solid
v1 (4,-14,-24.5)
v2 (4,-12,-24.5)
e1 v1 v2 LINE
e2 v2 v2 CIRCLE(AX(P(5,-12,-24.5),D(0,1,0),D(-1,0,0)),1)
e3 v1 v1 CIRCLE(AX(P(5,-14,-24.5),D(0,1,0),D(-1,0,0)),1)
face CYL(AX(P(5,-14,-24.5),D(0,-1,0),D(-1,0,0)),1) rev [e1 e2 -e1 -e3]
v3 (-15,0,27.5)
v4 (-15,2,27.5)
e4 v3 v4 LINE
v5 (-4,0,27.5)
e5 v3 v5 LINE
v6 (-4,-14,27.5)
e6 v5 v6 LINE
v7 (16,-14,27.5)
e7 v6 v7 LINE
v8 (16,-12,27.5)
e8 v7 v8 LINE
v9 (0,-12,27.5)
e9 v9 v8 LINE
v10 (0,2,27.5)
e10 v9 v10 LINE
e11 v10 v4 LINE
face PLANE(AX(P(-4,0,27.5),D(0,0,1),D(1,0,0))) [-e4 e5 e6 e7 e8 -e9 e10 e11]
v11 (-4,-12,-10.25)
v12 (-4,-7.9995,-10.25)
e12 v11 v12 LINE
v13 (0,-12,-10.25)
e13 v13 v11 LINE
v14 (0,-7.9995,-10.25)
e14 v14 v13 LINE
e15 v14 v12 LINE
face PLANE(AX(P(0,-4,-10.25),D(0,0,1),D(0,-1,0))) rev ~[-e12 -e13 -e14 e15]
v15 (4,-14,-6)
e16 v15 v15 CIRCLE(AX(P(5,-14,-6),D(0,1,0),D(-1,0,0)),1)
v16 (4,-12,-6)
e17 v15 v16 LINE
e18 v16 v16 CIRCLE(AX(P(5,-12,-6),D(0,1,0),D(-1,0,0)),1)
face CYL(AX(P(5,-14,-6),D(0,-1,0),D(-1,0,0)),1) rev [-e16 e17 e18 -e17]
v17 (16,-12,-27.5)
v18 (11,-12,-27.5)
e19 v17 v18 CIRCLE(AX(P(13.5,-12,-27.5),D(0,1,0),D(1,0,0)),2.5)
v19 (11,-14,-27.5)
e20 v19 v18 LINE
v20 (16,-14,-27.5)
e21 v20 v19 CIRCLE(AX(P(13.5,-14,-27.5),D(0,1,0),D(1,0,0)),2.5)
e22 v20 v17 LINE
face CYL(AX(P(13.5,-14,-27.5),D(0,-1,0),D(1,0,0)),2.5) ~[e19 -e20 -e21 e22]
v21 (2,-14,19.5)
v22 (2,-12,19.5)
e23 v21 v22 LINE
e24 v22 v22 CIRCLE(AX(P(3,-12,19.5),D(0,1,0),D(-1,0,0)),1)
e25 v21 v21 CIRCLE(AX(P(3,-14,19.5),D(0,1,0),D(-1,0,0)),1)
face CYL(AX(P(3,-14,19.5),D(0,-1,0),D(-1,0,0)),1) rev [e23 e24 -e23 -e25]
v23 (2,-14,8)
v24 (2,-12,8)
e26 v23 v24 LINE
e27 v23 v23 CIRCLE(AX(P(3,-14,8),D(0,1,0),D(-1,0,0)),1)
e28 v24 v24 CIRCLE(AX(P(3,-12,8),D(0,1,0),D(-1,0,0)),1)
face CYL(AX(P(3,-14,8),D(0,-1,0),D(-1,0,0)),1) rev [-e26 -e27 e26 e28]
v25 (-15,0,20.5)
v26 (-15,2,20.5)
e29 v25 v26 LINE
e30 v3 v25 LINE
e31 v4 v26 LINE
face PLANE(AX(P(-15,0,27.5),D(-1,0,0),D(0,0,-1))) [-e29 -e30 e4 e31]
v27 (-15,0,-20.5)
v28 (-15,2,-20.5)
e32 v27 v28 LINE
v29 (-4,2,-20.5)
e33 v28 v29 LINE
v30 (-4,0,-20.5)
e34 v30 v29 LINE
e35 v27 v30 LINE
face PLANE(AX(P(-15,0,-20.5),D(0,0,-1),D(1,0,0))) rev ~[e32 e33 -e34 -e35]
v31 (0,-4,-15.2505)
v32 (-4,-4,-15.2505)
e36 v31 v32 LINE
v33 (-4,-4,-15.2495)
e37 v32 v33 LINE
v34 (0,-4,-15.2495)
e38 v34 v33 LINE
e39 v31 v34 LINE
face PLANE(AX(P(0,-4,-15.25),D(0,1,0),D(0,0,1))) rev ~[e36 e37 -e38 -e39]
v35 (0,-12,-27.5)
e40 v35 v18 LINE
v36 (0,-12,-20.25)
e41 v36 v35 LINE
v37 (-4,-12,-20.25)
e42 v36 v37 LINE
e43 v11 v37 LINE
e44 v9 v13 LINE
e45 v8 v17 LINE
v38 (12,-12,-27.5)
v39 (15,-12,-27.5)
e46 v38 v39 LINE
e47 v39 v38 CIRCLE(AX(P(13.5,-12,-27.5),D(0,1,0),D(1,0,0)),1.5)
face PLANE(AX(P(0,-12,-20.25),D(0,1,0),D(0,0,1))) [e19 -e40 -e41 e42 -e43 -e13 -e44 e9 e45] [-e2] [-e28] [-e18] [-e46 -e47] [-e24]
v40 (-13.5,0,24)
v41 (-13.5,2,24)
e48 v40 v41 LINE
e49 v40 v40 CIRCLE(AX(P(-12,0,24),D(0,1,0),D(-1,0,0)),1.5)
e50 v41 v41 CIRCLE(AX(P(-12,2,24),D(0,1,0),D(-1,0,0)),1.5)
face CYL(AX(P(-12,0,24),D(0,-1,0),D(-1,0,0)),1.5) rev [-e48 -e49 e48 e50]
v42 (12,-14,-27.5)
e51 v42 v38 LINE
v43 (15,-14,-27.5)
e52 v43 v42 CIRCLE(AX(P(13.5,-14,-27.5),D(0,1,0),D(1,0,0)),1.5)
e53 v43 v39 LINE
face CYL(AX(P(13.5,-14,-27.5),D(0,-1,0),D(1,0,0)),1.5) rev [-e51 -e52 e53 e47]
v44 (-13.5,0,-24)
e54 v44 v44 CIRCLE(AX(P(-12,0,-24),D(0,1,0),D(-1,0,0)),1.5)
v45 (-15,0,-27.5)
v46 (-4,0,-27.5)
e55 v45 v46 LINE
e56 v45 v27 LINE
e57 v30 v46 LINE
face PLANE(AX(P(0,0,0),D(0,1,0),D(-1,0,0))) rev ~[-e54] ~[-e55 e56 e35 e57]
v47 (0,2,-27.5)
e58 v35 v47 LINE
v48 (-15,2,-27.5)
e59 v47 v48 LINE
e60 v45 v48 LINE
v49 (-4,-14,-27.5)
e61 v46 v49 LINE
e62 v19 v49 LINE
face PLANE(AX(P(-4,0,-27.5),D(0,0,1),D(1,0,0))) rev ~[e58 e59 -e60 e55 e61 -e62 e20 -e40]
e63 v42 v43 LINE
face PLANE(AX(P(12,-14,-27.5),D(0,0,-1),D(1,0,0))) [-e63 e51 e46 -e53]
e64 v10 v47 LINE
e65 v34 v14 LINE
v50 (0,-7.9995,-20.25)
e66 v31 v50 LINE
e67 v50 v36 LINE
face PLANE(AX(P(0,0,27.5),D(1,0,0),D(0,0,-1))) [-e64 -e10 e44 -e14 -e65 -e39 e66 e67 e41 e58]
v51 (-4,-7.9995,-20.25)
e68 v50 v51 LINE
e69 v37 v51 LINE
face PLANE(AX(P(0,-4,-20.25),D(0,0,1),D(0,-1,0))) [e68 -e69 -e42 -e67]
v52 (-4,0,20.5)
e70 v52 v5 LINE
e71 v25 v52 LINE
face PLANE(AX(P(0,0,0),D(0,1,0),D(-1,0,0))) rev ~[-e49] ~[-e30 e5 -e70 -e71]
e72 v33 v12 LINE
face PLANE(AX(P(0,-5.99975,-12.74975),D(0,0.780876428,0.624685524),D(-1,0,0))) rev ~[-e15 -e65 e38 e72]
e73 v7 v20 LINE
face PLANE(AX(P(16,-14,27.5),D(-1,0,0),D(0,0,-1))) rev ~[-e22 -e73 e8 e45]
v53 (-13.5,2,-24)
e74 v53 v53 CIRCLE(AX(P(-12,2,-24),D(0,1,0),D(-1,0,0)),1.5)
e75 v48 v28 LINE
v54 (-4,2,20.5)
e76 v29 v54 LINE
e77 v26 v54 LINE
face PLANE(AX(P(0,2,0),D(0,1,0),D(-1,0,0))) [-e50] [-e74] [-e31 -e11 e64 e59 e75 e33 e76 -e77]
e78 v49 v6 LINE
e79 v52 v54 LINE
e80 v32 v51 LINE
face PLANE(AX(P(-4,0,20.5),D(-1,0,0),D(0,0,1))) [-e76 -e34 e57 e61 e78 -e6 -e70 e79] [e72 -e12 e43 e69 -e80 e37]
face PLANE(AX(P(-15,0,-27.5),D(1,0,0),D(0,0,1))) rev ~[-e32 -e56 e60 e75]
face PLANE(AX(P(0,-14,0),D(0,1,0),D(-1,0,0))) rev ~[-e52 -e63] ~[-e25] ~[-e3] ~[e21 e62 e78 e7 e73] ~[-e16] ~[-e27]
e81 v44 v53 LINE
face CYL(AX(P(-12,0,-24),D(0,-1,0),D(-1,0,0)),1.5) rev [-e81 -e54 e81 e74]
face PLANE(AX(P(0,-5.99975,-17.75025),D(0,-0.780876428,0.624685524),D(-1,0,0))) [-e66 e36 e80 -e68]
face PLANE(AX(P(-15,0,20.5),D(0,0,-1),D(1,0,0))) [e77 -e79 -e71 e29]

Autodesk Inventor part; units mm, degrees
ref_plane "YZ Plane" through (0, 0, 0) normal (1, 0, 0) x (0, 1, 0)
ref_plane "XZ Plane" through (0, 0, 0) normal (0, 1, 0) x (-1, 0, 0)
ref_plane "XY Plane" through (0, 0, 0) normal (0, 0, 1) x (1, 0, 0)
sketch "Sketch1" plane through (0, 0, 0) normal (0, 1, 0) x (-1, 0, 0)
  line L0 (0, 0) -> (12, 0) construction
  line L1 (12, 24) -> (12, -24) construction
  circle A0 centre (12, 24) radius 1.5
  circle A1 centre (12, -24) radius 1.5
  line L2 (15, 27.5) -> (15, 20.5)
  line L3 (15, 20.5) -> (4, 20.5)
  line L4 (4, 20.5) -> (4, 0)
  line L5 (15, 27.5) -> (-16, 27.5)
  line L6 (4, 0) -> (12, 0) construction
  line L7 (15, -27.5) -> (15, -20.5)
  line L8 (15, -20.5) -> (4, -20.5)
  line L9 (4, -20.5) -> (4, 0)
  line L10 (15, -27.5) -> (-16, -27.5)
  line L11 (12, 24) -> (15, 24) construction
  line L12 (-16, 27.5) -> (-16, -27.5)
  line L13 (0, 27.5) -> (0, -27.5)
  line L14 (4, 20.5) -> (4, 27.5)
  line L15 (4, -20.5) -> (4, -27.5)
  circle A2 centre (-3, 8) radius 1
  circle A3 centre (-3, 19.5) radius 1
  line L16 (-3, 8) -> (-3, 19.5) construction
  circle A4 centre (-5, -24.5) radius 1
  circle A5 centre (-5, -6) radius 1
  line L17 (-5, -24.5) -> (-5, -6) construction
  arc A6 (-16, -27.5) -> (-11, -27.5) centre (-13.5, -27.5) ccw
  arc A7 (-15, -27.5) -> (-12, -27.5) centre (-13.5, -27.5) ccw
  point P0 (-12, -27.5)
  dimension "d0" = 3
  dimension "d1" = 3
  dimension "d2" = 3
  dimension "d3" = 7
  dimension "d4" = 48
  dimension "d5" = 8
  dimension "d7" = 4
  dimension "d12" = 20
  dimension "d13" = 2
  dimension "d14" = 2
  dimension "d15" = 11.5
  dimension "d16" = 3
  dimension "d17" = 2
  dimension "d18" = 2
  dimension "d19" = 18.5
  dimension "d20" = 5
  dimension "d23" = 8
  dimension "d24" = 3
  dimension "d27" = 5
  dimension "d28" = 1
extrude "Extrusion1" add sketch "Sketch1" along normal blind 2 contours L2 L3 L14 L5 | L14 L4 L9 L15 L10 L13 L5 | L8 L7 L10 L15
extrude "Extrusion2" add sketch "Sketch1" against normal blind 14 contours L14 L4 L9 L15 L10 L13 L5
extrude "Extrusion3" add sketch "Sketch1" along normal blind 2 from surface at -14 contours L13 L10 L12 L5 | L10 A7 A6
sketch "Sketch2" plane through (0, 2, 27.5) normal (1, 0, 0) x (0, 0, -1)
  line L0 (55, -14) -> (0, -14) projected
  line L1 (55, -14) -> (55, 0) projected
  line L2 (0, 0) -> (55, 0) projected
  line L3 (0, -14) -> (0, 0) projected
  line L4 (32.5, -14) -> (34.5, -14) projected
  line L5 (51, -14) -> (53, -14) projected
  line L6 (33.5, -14) -> (52, -14)
  line L7 (42.75, -14) -> (42.75, -6) construction
  line L8 (42.75, -6) -> (37.75, -6)
  line L9 (37.75, -6) -> (37.75, -14)
  line L10 (42.75, -6) -> (47.75, -6)
  line L11 (47.75, -6) -> (47.75, -14)
  point P0 (27.5, -2)
  dimension "d29" = 10
  dimension "d30" = 8
extrude "Extrusion4" cut sketch "Sketch2" against normal through all contours L0 L9 L8 L10 L11
chamfer "Chamfer1" distance 5 distance2 4 2 edges at (-2, -4, -10.25) (-2, -4, -20.25) measured on face at (-2.6667, -4, -13.5833)
equation "\"d14\" = d13"
equation "\"d18\" = d17"
properties part number "adcDAcmount_3DPrint"
